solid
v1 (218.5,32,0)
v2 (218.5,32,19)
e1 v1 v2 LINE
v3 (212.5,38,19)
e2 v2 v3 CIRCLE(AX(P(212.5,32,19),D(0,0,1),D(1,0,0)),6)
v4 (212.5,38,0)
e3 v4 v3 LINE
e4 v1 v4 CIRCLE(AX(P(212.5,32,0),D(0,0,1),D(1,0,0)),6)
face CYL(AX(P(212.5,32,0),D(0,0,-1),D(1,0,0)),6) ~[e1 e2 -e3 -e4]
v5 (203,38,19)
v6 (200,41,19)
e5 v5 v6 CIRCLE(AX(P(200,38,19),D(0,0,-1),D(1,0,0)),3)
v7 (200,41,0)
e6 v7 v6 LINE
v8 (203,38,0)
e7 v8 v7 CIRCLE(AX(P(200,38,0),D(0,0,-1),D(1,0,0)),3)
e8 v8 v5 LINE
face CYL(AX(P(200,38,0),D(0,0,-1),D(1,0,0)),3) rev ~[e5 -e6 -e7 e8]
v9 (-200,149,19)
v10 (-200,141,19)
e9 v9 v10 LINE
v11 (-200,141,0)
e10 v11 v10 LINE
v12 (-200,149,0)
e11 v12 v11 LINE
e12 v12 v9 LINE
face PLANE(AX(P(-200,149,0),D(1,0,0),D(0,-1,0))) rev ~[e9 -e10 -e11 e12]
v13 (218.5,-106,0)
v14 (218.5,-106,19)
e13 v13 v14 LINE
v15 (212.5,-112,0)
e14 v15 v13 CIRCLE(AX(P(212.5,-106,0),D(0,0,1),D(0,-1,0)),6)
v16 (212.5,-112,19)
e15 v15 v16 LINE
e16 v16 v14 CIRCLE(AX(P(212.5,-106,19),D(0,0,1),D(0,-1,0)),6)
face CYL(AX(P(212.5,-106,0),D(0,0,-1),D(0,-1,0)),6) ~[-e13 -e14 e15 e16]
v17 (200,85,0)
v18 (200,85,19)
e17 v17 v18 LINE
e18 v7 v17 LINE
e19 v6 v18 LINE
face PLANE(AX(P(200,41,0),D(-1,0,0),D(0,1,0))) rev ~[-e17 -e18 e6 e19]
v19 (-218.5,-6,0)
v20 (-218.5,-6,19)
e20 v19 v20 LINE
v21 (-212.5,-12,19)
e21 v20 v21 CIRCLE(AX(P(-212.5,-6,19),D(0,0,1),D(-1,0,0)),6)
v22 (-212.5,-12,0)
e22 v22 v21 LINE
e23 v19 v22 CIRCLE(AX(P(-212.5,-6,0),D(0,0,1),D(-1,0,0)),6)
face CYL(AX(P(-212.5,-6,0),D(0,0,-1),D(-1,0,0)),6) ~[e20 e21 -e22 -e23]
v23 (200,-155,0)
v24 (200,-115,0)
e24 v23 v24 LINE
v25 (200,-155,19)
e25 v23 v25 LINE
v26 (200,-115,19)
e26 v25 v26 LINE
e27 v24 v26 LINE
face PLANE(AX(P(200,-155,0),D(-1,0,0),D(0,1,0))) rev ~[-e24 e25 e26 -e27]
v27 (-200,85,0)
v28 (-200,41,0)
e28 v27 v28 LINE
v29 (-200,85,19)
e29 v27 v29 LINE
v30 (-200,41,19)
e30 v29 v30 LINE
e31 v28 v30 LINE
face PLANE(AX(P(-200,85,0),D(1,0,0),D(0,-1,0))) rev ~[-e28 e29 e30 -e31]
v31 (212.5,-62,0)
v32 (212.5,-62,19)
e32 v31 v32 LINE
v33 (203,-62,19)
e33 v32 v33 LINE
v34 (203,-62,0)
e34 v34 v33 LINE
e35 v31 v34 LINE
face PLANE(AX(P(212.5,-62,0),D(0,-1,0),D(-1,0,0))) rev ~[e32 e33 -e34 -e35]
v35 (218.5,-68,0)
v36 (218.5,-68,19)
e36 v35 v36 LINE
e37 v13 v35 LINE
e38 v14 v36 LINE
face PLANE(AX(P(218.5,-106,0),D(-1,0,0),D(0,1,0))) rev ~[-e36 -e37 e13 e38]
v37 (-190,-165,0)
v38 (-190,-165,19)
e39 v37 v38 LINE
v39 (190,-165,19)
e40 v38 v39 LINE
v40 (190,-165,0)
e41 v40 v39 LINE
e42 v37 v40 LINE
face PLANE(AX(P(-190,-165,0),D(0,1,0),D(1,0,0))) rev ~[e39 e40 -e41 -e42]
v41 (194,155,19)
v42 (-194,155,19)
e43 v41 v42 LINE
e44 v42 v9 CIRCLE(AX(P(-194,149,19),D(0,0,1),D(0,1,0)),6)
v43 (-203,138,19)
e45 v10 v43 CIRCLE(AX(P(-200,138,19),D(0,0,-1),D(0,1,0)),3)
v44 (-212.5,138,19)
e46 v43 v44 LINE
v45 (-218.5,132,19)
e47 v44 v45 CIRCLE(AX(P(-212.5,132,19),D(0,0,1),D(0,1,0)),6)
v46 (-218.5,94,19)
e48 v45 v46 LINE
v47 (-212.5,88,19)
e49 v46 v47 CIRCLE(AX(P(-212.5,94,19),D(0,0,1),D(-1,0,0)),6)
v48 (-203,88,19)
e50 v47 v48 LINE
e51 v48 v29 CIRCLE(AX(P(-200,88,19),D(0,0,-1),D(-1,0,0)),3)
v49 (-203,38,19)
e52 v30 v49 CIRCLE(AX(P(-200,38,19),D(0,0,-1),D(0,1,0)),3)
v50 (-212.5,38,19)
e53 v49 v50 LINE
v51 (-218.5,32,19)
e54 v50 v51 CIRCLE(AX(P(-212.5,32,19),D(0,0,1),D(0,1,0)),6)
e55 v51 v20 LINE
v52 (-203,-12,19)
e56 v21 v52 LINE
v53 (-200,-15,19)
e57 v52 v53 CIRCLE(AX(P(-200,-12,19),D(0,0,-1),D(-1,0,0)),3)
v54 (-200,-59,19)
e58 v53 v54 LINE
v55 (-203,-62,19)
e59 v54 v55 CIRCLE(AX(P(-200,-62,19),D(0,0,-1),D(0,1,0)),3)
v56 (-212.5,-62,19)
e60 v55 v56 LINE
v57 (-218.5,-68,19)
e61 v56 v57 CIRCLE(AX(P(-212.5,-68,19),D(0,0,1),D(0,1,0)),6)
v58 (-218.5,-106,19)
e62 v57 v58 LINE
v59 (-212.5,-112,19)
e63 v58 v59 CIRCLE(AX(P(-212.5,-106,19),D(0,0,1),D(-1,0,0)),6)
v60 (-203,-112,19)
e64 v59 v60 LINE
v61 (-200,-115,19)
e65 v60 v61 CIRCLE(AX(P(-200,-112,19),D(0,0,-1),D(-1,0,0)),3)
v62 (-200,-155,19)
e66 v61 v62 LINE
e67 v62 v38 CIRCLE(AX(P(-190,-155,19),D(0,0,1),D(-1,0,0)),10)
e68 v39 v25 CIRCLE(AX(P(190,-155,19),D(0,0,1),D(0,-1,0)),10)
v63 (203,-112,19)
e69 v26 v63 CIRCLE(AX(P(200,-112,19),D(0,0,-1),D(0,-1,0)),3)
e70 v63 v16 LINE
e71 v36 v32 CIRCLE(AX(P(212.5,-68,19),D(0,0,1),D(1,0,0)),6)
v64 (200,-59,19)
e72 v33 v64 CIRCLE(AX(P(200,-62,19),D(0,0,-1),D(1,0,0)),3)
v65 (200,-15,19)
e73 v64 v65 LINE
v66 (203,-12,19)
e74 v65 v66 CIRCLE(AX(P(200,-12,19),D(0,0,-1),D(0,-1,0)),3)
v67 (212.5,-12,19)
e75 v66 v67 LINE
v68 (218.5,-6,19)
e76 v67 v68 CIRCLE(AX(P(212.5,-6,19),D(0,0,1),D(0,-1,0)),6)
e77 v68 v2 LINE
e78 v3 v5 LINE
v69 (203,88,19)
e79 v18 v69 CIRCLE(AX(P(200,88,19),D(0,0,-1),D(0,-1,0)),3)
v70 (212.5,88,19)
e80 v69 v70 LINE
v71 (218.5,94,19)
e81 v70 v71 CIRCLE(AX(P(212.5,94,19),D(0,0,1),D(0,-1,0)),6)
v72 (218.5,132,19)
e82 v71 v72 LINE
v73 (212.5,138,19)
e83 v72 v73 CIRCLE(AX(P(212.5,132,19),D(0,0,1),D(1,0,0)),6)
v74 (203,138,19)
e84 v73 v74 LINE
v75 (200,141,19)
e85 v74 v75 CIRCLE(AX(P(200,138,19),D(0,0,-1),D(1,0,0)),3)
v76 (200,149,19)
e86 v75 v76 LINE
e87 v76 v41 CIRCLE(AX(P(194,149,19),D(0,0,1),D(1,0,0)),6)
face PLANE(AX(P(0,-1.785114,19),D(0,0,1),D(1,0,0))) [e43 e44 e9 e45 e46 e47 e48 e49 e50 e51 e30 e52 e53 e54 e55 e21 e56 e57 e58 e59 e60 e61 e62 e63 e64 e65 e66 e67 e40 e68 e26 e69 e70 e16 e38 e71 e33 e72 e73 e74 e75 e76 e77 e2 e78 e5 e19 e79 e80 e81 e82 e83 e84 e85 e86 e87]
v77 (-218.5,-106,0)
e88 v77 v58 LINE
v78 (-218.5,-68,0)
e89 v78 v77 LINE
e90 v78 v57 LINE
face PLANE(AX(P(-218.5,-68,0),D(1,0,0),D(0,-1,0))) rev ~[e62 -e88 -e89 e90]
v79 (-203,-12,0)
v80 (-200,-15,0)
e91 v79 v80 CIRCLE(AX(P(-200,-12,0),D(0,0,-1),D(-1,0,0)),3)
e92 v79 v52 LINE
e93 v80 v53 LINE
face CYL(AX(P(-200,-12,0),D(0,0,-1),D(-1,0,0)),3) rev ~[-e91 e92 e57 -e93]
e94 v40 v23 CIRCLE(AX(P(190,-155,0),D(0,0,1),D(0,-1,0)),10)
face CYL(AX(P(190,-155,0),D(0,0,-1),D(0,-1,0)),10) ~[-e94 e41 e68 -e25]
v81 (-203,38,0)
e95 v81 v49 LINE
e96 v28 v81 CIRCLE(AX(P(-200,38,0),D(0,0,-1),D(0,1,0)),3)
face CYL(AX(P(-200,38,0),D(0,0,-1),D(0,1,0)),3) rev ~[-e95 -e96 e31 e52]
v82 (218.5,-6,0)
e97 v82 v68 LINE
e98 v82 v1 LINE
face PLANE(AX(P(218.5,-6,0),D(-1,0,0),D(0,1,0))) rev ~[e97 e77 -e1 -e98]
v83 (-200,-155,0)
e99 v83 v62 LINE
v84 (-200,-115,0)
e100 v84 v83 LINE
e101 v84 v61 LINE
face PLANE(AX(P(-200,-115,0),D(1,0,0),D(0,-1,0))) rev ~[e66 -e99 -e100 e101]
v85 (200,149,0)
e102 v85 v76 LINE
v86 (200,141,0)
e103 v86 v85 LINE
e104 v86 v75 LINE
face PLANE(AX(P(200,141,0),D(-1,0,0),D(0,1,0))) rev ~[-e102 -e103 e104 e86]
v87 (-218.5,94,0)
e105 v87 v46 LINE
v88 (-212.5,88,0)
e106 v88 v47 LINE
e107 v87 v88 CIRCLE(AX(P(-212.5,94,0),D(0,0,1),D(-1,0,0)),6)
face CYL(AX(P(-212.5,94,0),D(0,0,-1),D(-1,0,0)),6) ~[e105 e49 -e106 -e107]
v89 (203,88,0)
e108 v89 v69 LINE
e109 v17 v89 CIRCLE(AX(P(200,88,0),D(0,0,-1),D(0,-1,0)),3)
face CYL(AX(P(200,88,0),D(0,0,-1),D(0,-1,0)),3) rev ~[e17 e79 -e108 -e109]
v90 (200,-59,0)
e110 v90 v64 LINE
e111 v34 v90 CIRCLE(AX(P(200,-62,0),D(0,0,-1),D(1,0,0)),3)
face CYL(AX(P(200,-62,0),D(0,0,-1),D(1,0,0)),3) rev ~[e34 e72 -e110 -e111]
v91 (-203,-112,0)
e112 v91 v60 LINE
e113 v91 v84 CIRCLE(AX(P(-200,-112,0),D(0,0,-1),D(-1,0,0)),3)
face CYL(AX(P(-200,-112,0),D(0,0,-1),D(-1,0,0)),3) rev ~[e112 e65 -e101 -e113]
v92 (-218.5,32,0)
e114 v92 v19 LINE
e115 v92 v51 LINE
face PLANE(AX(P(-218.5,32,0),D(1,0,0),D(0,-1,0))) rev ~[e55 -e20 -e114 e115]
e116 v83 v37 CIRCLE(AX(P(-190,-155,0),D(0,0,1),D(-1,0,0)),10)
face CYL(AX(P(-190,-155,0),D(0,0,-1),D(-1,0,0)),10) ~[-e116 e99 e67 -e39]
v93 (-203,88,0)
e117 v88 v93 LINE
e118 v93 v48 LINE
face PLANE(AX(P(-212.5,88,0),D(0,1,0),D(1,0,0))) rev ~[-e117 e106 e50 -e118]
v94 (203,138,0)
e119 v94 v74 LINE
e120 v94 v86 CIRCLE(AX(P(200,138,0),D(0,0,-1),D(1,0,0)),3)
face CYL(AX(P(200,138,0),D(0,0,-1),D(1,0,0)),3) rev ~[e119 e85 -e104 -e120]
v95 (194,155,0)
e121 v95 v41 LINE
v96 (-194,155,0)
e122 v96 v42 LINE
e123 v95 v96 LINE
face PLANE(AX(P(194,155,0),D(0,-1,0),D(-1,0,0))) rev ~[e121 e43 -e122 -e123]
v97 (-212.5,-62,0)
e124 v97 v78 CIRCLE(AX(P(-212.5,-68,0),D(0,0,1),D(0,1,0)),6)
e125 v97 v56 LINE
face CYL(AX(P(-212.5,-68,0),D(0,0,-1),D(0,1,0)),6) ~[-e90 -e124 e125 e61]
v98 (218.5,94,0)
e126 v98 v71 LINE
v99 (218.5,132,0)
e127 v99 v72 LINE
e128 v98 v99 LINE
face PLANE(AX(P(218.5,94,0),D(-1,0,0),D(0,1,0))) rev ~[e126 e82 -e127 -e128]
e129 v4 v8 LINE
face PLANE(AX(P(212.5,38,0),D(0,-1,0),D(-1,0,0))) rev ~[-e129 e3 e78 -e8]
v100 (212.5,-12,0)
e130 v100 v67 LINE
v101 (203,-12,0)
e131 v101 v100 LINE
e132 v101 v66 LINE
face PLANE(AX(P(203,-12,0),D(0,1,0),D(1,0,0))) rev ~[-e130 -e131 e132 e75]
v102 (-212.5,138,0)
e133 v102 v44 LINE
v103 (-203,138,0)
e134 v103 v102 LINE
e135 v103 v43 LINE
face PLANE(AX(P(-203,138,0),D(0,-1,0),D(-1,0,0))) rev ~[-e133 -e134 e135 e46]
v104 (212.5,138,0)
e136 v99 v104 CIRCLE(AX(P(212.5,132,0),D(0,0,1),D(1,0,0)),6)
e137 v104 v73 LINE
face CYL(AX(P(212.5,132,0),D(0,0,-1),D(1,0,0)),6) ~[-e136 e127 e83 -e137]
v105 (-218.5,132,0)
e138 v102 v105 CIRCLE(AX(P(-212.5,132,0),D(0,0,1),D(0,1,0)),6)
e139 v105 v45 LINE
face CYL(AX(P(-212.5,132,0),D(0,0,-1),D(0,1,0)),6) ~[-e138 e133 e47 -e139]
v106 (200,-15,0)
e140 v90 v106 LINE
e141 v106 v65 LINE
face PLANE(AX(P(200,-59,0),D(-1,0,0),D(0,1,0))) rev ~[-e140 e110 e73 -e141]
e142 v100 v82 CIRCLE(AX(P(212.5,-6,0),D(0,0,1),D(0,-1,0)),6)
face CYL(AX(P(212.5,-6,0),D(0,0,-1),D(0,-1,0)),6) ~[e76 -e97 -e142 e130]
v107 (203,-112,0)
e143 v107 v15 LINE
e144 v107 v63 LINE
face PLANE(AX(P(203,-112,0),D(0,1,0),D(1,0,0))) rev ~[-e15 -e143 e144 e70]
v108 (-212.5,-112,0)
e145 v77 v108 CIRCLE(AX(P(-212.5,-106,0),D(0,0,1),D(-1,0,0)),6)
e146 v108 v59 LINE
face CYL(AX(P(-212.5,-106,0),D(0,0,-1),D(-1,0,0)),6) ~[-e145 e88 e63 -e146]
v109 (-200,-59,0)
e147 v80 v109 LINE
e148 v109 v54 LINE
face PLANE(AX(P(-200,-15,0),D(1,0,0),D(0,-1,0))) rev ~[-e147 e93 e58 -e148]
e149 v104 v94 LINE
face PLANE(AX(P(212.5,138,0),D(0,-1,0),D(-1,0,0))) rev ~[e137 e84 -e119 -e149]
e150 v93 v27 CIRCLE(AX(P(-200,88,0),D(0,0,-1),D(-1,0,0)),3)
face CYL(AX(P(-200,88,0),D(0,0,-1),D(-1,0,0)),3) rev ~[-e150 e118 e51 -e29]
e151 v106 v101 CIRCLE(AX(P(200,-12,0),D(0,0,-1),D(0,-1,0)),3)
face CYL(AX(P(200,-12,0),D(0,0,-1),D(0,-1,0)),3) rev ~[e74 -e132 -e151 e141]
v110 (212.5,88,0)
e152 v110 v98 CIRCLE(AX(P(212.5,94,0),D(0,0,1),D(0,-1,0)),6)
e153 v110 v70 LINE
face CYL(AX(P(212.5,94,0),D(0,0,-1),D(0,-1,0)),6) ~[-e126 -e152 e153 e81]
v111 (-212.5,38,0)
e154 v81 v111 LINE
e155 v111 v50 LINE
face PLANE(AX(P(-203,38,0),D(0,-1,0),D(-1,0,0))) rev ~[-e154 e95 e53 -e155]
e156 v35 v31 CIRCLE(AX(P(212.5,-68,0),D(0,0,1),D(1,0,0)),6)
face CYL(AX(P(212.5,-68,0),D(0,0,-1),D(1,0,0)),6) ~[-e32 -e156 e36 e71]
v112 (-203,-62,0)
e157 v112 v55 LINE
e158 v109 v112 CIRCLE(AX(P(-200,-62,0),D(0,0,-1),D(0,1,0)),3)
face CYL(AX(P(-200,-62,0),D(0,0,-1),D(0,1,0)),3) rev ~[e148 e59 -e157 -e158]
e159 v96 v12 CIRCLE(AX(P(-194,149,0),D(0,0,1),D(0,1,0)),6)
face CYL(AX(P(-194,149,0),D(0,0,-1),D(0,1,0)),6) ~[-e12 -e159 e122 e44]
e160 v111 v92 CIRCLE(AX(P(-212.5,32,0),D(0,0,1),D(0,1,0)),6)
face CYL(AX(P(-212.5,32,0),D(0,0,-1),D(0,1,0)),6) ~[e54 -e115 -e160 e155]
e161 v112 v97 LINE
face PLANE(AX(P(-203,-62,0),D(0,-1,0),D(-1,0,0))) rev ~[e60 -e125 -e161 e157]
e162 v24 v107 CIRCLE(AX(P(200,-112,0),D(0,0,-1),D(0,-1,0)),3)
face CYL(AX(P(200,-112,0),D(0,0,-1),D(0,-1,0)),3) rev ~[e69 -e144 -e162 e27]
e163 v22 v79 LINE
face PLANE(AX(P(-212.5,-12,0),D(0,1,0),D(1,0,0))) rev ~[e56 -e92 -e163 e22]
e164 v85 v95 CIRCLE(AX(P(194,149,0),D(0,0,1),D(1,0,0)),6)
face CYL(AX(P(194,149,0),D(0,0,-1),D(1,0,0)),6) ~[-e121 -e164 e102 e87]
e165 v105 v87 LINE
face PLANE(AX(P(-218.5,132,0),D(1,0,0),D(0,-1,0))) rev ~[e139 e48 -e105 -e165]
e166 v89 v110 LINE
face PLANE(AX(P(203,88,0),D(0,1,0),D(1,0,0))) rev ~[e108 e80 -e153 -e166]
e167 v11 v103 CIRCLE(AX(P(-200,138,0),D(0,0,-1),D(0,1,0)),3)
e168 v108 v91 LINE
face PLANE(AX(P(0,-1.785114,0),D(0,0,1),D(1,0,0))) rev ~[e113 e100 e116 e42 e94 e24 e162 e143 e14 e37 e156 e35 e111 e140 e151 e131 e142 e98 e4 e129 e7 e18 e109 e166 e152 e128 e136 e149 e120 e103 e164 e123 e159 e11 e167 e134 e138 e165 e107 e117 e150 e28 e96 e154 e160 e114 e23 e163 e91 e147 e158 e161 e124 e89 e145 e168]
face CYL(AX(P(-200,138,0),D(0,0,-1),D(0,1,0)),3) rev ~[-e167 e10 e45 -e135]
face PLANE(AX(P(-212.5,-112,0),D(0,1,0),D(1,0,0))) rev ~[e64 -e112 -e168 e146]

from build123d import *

# Parameters (mm, degrees)
BOSS_EXTRUDE1_DEPTH = 19


with BuildPart() as part:
    # Sketch1 → Boss-Extrude1 (new body)
    with BuildSketch(Plane.XY):
        with BuildLine():
            Line((-203, 38), (-212.5, 38))
            ThreePointArc((-212.5, 38), (-216.742640687, 36.242640687), (-218.5, 32))
            Line((-218.5, 32), (-218.5, -6))
            ThreePointArc((-218.5, -6), (-216.742640687, -10.242640687), (-212.5, -12))
            Line((-212.5, -12), (-203, -12))
            ThreePointArc((-203, -12), (-197.878679656, -9.878679656), (-200, -15))
            Line((-200, -15), (-200, -59))
            ThreePointArc((-200, -59), (-197.878679656, -64.121320344), (-203, -62))
            Line((-203, -62), (-212.5, -62))
            ThreePointArc((-212.5, -62), (-216.742640687, -63.757359313), (-218.5, -68))
            Line((-218.5, -68), (-218.5, -106))
            ThreePointArc((-218.5, -106), (-216.742640687, -110.242640687), (-212.5, -112))
            Line((-212.5, -112), (-203, -112))
            ThreePointArc((-203, -112), (-197.878679656, -109.878679656), (-200, -115))
            Line((-200, -115), (-200, -155))
            ThreePointArc((-200, -155), (-197.071067812, -162.071067812), (-190, -165))
            Line((-190, -165), (190, -165))
            ThreePointArc((190, -165), (197.071067812, -162.071067812), (200, -155))
            Line((200, -155), (200, -115))
            ThreePointArc((200, -115), (197.878679656, -109.878679656), (203, -112))
            Line((203, -112), (212.5, -112))
            ThreePointArc((212.5, -112), (216.742640687, -110.242640687), (218.5, -106))
            Line((218.5, -106), (218.5, -68))
            ThreePointArc((218.5, -68), (216.742640687, -63.757359313), (212.5, -62))
            Line((212.5, -62), (203, -62))
            ThreePointArc((203, -62), (197.878679656, -64.121320344), (200, -59))
            Line((200, -59), (200, -15))
            ThreePointArc((200, -15), (197.878679656, -9.878679656), (203, -12))
            Line((203, -12), (212.5, -12))
            ThreePointArc((212.5, -12), (216.742640687, -10.242640687), (218.5, -6))
            Line((218.5, -6), (218.5, 32))
            ThreePointArc((218.5, 32), (216.742640687, 36.242640687), (212.5, 38))
            Line((212.5, 38), (203, 38))
            ThreePointArc((203, 38), (197.878679656, 35.878679656), (200, 41))
            Line((200, 41), (200, 85))
            ThreePointArc((200, 85), (197.878679656, 90.121320344), (203, 88))
            Line((203, 88), (212.5, 88))
            ThreePointArc((212.5, 88), (216.742640687, 89.757359313), (218.5, 94))
            Line((218.5, 94), (218.5, 132))
            ThreePointArc((218.5, 132), (216.742640687, 136.242640687), (212.5, 138))
            Line((212.5, 138), (203, 138))
            ThreePointArc((203, 138), (197.878679656, 135.878679656), (200, 141))
            Line((200, 141), (200, 149))
            ThreePointArc((200, 149), (198.242640687, 153.242640687), (194, 155))
            Line((194, 155), (-194, 155))
            ThreePointArc((-194, 155), (-198.242640687, 153.242640687), (-200, 149))
            Line((-200, 149), (-200, 141))
            ThreePointArc((-200, 141), (-197.878679656, 135.878679656), (-203, 138))
            Line((-203, 138), (-212.5, 138))
            ThreePointArc((-212.5, 138), (-216.742640687, 136.242640687), (-218.5, 132))
            Line((-218.5, 132), (-218.5, 94))
            ThreePointArc((-218.5, 94), (-216.742640687, 89.757359313), (-212.5, 88))
            Line((-212.5, 88), (-203, 88))
            ThreePointArc((-203, 88), (-197.878679656, 90.121320344), (-200, 85))
            Line((-200, 85), (-200, 41))
            ThreePointArc((-200, 41), (-197.878679656, 35.878679656), (-203, 38))
        make_face()
    extrude(amount=BOSS_EXTRUDE1_DEPTH)


solid = part.part
